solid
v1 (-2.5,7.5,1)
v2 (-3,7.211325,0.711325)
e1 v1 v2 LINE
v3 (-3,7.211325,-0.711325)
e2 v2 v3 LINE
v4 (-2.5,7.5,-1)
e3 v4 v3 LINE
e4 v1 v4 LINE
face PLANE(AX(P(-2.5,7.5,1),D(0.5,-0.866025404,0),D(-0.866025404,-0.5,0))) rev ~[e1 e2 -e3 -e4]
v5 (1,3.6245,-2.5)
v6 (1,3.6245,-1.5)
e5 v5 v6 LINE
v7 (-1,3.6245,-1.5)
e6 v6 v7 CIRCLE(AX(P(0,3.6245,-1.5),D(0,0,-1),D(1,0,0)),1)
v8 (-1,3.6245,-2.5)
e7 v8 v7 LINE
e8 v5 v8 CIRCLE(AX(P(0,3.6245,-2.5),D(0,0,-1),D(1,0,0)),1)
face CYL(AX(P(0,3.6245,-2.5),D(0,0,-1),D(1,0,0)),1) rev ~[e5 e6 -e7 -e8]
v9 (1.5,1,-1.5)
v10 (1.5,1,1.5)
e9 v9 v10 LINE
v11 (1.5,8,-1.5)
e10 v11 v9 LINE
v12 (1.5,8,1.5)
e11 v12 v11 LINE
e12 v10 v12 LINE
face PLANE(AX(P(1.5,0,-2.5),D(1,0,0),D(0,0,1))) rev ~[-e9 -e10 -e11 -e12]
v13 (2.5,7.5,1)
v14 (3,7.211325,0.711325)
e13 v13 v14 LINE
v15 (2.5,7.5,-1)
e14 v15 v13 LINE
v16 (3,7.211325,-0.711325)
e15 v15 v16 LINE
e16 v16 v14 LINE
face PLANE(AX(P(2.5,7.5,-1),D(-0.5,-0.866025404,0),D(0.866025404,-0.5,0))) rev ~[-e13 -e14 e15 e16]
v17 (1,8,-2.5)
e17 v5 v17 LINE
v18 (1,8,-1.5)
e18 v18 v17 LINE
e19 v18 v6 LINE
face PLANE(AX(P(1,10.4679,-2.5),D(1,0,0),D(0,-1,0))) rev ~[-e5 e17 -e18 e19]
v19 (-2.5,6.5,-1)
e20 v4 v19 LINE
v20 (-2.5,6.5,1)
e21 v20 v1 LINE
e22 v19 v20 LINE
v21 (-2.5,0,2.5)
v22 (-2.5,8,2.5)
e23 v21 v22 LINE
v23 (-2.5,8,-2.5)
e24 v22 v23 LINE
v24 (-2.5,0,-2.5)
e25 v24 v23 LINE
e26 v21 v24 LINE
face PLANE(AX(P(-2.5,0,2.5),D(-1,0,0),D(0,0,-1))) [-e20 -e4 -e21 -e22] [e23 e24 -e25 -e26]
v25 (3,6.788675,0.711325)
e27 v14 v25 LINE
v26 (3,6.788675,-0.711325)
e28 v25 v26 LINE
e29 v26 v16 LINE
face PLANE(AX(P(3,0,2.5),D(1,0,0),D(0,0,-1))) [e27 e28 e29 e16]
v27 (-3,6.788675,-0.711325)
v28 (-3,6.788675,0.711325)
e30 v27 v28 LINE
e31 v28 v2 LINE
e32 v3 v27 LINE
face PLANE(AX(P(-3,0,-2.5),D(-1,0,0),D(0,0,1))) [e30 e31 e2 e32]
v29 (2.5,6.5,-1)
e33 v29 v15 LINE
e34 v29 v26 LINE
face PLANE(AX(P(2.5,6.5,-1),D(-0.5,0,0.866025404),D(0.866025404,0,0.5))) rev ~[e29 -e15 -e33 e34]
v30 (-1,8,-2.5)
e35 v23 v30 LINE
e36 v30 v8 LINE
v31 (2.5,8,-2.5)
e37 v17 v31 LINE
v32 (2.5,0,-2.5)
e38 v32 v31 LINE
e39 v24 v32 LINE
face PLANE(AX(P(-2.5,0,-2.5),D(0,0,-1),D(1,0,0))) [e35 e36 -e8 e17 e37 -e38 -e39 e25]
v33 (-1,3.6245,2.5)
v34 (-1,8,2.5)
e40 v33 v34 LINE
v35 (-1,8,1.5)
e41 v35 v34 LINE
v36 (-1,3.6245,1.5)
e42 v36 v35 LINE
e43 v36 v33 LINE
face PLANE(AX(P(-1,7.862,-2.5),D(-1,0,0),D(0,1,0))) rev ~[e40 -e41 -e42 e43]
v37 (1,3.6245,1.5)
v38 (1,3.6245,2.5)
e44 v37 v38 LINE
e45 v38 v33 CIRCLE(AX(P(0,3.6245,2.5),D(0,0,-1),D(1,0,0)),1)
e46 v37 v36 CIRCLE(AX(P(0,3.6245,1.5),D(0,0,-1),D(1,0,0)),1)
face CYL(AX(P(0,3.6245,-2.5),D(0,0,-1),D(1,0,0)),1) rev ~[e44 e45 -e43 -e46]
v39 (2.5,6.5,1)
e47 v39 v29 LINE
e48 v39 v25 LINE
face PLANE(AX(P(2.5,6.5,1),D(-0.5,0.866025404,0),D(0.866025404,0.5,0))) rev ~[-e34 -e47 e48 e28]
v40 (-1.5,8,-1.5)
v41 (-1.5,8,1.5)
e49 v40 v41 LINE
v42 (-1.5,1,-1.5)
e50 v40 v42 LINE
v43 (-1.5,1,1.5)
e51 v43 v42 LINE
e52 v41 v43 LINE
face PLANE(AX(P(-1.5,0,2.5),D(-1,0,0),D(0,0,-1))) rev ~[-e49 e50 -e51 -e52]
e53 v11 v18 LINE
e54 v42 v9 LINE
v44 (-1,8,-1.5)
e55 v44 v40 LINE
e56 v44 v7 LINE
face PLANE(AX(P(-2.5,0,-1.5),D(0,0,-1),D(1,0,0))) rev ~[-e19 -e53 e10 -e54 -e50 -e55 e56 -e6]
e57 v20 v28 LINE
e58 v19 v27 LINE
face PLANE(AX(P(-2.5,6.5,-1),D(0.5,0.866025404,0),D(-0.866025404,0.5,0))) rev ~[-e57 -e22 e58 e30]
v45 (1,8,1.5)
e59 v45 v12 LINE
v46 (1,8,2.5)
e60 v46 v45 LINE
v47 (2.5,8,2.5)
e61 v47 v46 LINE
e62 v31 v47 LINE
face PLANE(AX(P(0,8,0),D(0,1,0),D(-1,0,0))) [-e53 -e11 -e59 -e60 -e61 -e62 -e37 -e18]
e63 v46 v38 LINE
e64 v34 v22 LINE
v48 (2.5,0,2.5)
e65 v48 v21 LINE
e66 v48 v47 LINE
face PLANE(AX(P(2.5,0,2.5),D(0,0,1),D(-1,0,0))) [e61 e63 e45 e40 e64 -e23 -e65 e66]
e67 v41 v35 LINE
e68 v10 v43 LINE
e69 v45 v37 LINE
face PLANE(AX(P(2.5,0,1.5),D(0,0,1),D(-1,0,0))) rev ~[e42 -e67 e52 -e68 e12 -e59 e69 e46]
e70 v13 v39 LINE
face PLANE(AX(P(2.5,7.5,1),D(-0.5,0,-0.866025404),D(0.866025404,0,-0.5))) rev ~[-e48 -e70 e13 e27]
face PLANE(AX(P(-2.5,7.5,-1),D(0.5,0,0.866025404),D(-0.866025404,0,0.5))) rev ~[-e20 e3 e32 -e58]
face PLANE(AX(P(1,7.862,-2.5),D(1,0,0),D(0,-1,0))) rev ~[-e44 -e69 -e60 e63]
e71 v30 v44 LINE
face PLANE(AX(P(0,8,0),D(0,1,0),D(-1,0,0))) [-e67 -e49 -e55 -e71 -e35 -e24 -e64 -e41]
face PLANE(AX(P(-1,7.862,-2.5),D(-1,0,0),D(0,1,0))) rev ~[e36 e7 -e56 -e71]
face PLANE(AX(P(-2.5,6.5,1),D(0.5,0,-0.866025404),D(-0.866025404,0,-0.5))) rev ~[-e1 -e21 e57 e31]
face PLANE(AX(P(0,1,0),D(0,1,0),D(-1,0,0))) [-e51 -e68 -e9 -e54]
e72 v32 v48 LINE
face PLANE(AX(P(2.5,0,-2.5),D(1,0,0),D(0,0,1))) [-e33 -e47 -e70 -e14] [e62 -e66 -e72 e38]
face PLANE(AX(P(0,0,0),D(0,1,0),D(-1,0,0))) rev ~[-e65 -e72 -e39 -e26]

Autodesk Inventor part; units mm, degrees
ref_plane "YZ Plane" through (0, 0, 0) normal (1, 0, 0) x (0, 1, 0)
ref_plane "XZ Plane" through (0, 0, 0) normal (0, 1, 0) x (-1, 0, 0)
ref_plane "XY Plane" through (0, 0, 0) normal (0, 0, 1) x (1, 0, 0)
sketch "Sketch1" plane through (0, 0, 0) normal (0, 1, 0) x (-1, 0, 0)
  line L0 (-2.5, 2.5) -> (2.5, 2.5)
  line L1 (2.5, 2.5) -> (2.5, -2.5)
  line L2 (2.5, -2.5) -> (-2.5, -2.5)
  line L3 (-2.5, -2.5) -> (-2.5, 2.5)
  line L4 (-2.5, 2.5) -> (2.5, -2.5) construction
  line L5 (2.5, 2.5) -> (-2.5, -2.5) construction
  point P0 (0, 0)
  dimension "d0" = 5
  dimension "d1" = 5
extrude "Extrusion1" add sketch "Sketch1" along normal blind 8
shell "Shell1" thickness 1 removed faces 1 at (-0.8333, 8, -0.8333)
sketch "Sketch9" plane through (2.5, 0, 2.5) normal (1, 0, 0) x (0, 0, -1)
  line L0 (1.5, 6.5) -> (3.5, 6.5)
  line L1 (3.5, 6.5) -> (3.5, 7.5)
  line L2 (3.5, 7.5) -> (1.5, 7.5)
  line L3 (1.5, 7.5) -> (1.5, 6.5)
  line L4 (1.5, 6.5) -> (3.5, 7.5) construction
  line L5 (3.5, 6.5) -> (1.5, 7.5) construction
  line L6 (0, 8) -> (5, 8) projected
  point P0 (2.5, 0)
  point P1 (2.5, 7)
  dimension "d10" = 1
  dimension "d14" = 2
  dimension "d15" = 1
extrude "Extrusion4" add sketch "Sketch9" along normal blind 0.5 draft -30
sketch "Sketch10" plane through (-2.5, 0, -2.5) normal (-1, 0, 0) x (0, 0, 1)
  line L0 (1.5, 6.5) -> (3.5, 6.5)
  line L1 (3.5, 6.5) -> (3.5, 7.5)
  line L2 (3.5, 7.5) -> (1.5, 7.5)
  line L3 (1.5, 7.5) -> (1.5, 6.5)
  line L4 (1.5, 6.5) -> (3.5, 7.5) construction
  line L5 (3.5, 6.5) -> (1.5, 7.5) construction
  line L6 (0, 8) -> (5, 8) projected
  point P0 (2.5, 0)
  point P1 (2.5, 7)
  dimension "d13" = 1
  dimension "d16" = 2
  dimension "d17" = 1
extrude "Extrusion5" add sketch "Sketch10" along normal blind 0.5 draft -30
sketch "Sketch11" plane through (2.5, 0, -2.5) normal (0, 0, -1) x (-1, 0, 0)
  line L0 (2.5, 7.862) -> (2.5, 3.6245) construction
  line L1 (1.5, 7.862) -> (1.5, 3.6245)
  line L2 (3.5, 3.6245) -> (3.5, 7.862)
  arc A0 (3.5, 7.862) -> (1.5, 7.862) centre (2.5, 7.862) ccw
  arc A1 (1.5, 3.6245) -> (3.5, 3.6245) centre (2.5, 3.6245) ccw
  point P0 (2.5, 0)
  point P1 (2.5, 5.7432)
  dimension "d20" = 2
extrude "Extrusion6" cut sketch "Sketch11" against normal through all
sketch "Sketch12" plane through (2.5, 0, -2.5) normal (0, 0, -1) x (-1, 0, 0)
  line L0 (1.5, 7.862) -> (1.5, 3.6245) projected
  line L1 (1.5, 7.862) -> (3.5, 7.862)
  line L2 (3.5, 7.862) -> (3.5, 10.4679)
  line L3 (3.5, 10.4679) -> (1.5, 10.4679)
  line L4 (1.5, 10.4679) -> (1.5, 7.862)
  point P0 (2.5, 0)
  dimension "d23" = 2
extrude "Extrusion7" cut sketch "Sketch12" against normal through all
equation "\"d16\" = d14"
equation "\"d17\" = d15"
properties part number "snapfit_part_v02"
